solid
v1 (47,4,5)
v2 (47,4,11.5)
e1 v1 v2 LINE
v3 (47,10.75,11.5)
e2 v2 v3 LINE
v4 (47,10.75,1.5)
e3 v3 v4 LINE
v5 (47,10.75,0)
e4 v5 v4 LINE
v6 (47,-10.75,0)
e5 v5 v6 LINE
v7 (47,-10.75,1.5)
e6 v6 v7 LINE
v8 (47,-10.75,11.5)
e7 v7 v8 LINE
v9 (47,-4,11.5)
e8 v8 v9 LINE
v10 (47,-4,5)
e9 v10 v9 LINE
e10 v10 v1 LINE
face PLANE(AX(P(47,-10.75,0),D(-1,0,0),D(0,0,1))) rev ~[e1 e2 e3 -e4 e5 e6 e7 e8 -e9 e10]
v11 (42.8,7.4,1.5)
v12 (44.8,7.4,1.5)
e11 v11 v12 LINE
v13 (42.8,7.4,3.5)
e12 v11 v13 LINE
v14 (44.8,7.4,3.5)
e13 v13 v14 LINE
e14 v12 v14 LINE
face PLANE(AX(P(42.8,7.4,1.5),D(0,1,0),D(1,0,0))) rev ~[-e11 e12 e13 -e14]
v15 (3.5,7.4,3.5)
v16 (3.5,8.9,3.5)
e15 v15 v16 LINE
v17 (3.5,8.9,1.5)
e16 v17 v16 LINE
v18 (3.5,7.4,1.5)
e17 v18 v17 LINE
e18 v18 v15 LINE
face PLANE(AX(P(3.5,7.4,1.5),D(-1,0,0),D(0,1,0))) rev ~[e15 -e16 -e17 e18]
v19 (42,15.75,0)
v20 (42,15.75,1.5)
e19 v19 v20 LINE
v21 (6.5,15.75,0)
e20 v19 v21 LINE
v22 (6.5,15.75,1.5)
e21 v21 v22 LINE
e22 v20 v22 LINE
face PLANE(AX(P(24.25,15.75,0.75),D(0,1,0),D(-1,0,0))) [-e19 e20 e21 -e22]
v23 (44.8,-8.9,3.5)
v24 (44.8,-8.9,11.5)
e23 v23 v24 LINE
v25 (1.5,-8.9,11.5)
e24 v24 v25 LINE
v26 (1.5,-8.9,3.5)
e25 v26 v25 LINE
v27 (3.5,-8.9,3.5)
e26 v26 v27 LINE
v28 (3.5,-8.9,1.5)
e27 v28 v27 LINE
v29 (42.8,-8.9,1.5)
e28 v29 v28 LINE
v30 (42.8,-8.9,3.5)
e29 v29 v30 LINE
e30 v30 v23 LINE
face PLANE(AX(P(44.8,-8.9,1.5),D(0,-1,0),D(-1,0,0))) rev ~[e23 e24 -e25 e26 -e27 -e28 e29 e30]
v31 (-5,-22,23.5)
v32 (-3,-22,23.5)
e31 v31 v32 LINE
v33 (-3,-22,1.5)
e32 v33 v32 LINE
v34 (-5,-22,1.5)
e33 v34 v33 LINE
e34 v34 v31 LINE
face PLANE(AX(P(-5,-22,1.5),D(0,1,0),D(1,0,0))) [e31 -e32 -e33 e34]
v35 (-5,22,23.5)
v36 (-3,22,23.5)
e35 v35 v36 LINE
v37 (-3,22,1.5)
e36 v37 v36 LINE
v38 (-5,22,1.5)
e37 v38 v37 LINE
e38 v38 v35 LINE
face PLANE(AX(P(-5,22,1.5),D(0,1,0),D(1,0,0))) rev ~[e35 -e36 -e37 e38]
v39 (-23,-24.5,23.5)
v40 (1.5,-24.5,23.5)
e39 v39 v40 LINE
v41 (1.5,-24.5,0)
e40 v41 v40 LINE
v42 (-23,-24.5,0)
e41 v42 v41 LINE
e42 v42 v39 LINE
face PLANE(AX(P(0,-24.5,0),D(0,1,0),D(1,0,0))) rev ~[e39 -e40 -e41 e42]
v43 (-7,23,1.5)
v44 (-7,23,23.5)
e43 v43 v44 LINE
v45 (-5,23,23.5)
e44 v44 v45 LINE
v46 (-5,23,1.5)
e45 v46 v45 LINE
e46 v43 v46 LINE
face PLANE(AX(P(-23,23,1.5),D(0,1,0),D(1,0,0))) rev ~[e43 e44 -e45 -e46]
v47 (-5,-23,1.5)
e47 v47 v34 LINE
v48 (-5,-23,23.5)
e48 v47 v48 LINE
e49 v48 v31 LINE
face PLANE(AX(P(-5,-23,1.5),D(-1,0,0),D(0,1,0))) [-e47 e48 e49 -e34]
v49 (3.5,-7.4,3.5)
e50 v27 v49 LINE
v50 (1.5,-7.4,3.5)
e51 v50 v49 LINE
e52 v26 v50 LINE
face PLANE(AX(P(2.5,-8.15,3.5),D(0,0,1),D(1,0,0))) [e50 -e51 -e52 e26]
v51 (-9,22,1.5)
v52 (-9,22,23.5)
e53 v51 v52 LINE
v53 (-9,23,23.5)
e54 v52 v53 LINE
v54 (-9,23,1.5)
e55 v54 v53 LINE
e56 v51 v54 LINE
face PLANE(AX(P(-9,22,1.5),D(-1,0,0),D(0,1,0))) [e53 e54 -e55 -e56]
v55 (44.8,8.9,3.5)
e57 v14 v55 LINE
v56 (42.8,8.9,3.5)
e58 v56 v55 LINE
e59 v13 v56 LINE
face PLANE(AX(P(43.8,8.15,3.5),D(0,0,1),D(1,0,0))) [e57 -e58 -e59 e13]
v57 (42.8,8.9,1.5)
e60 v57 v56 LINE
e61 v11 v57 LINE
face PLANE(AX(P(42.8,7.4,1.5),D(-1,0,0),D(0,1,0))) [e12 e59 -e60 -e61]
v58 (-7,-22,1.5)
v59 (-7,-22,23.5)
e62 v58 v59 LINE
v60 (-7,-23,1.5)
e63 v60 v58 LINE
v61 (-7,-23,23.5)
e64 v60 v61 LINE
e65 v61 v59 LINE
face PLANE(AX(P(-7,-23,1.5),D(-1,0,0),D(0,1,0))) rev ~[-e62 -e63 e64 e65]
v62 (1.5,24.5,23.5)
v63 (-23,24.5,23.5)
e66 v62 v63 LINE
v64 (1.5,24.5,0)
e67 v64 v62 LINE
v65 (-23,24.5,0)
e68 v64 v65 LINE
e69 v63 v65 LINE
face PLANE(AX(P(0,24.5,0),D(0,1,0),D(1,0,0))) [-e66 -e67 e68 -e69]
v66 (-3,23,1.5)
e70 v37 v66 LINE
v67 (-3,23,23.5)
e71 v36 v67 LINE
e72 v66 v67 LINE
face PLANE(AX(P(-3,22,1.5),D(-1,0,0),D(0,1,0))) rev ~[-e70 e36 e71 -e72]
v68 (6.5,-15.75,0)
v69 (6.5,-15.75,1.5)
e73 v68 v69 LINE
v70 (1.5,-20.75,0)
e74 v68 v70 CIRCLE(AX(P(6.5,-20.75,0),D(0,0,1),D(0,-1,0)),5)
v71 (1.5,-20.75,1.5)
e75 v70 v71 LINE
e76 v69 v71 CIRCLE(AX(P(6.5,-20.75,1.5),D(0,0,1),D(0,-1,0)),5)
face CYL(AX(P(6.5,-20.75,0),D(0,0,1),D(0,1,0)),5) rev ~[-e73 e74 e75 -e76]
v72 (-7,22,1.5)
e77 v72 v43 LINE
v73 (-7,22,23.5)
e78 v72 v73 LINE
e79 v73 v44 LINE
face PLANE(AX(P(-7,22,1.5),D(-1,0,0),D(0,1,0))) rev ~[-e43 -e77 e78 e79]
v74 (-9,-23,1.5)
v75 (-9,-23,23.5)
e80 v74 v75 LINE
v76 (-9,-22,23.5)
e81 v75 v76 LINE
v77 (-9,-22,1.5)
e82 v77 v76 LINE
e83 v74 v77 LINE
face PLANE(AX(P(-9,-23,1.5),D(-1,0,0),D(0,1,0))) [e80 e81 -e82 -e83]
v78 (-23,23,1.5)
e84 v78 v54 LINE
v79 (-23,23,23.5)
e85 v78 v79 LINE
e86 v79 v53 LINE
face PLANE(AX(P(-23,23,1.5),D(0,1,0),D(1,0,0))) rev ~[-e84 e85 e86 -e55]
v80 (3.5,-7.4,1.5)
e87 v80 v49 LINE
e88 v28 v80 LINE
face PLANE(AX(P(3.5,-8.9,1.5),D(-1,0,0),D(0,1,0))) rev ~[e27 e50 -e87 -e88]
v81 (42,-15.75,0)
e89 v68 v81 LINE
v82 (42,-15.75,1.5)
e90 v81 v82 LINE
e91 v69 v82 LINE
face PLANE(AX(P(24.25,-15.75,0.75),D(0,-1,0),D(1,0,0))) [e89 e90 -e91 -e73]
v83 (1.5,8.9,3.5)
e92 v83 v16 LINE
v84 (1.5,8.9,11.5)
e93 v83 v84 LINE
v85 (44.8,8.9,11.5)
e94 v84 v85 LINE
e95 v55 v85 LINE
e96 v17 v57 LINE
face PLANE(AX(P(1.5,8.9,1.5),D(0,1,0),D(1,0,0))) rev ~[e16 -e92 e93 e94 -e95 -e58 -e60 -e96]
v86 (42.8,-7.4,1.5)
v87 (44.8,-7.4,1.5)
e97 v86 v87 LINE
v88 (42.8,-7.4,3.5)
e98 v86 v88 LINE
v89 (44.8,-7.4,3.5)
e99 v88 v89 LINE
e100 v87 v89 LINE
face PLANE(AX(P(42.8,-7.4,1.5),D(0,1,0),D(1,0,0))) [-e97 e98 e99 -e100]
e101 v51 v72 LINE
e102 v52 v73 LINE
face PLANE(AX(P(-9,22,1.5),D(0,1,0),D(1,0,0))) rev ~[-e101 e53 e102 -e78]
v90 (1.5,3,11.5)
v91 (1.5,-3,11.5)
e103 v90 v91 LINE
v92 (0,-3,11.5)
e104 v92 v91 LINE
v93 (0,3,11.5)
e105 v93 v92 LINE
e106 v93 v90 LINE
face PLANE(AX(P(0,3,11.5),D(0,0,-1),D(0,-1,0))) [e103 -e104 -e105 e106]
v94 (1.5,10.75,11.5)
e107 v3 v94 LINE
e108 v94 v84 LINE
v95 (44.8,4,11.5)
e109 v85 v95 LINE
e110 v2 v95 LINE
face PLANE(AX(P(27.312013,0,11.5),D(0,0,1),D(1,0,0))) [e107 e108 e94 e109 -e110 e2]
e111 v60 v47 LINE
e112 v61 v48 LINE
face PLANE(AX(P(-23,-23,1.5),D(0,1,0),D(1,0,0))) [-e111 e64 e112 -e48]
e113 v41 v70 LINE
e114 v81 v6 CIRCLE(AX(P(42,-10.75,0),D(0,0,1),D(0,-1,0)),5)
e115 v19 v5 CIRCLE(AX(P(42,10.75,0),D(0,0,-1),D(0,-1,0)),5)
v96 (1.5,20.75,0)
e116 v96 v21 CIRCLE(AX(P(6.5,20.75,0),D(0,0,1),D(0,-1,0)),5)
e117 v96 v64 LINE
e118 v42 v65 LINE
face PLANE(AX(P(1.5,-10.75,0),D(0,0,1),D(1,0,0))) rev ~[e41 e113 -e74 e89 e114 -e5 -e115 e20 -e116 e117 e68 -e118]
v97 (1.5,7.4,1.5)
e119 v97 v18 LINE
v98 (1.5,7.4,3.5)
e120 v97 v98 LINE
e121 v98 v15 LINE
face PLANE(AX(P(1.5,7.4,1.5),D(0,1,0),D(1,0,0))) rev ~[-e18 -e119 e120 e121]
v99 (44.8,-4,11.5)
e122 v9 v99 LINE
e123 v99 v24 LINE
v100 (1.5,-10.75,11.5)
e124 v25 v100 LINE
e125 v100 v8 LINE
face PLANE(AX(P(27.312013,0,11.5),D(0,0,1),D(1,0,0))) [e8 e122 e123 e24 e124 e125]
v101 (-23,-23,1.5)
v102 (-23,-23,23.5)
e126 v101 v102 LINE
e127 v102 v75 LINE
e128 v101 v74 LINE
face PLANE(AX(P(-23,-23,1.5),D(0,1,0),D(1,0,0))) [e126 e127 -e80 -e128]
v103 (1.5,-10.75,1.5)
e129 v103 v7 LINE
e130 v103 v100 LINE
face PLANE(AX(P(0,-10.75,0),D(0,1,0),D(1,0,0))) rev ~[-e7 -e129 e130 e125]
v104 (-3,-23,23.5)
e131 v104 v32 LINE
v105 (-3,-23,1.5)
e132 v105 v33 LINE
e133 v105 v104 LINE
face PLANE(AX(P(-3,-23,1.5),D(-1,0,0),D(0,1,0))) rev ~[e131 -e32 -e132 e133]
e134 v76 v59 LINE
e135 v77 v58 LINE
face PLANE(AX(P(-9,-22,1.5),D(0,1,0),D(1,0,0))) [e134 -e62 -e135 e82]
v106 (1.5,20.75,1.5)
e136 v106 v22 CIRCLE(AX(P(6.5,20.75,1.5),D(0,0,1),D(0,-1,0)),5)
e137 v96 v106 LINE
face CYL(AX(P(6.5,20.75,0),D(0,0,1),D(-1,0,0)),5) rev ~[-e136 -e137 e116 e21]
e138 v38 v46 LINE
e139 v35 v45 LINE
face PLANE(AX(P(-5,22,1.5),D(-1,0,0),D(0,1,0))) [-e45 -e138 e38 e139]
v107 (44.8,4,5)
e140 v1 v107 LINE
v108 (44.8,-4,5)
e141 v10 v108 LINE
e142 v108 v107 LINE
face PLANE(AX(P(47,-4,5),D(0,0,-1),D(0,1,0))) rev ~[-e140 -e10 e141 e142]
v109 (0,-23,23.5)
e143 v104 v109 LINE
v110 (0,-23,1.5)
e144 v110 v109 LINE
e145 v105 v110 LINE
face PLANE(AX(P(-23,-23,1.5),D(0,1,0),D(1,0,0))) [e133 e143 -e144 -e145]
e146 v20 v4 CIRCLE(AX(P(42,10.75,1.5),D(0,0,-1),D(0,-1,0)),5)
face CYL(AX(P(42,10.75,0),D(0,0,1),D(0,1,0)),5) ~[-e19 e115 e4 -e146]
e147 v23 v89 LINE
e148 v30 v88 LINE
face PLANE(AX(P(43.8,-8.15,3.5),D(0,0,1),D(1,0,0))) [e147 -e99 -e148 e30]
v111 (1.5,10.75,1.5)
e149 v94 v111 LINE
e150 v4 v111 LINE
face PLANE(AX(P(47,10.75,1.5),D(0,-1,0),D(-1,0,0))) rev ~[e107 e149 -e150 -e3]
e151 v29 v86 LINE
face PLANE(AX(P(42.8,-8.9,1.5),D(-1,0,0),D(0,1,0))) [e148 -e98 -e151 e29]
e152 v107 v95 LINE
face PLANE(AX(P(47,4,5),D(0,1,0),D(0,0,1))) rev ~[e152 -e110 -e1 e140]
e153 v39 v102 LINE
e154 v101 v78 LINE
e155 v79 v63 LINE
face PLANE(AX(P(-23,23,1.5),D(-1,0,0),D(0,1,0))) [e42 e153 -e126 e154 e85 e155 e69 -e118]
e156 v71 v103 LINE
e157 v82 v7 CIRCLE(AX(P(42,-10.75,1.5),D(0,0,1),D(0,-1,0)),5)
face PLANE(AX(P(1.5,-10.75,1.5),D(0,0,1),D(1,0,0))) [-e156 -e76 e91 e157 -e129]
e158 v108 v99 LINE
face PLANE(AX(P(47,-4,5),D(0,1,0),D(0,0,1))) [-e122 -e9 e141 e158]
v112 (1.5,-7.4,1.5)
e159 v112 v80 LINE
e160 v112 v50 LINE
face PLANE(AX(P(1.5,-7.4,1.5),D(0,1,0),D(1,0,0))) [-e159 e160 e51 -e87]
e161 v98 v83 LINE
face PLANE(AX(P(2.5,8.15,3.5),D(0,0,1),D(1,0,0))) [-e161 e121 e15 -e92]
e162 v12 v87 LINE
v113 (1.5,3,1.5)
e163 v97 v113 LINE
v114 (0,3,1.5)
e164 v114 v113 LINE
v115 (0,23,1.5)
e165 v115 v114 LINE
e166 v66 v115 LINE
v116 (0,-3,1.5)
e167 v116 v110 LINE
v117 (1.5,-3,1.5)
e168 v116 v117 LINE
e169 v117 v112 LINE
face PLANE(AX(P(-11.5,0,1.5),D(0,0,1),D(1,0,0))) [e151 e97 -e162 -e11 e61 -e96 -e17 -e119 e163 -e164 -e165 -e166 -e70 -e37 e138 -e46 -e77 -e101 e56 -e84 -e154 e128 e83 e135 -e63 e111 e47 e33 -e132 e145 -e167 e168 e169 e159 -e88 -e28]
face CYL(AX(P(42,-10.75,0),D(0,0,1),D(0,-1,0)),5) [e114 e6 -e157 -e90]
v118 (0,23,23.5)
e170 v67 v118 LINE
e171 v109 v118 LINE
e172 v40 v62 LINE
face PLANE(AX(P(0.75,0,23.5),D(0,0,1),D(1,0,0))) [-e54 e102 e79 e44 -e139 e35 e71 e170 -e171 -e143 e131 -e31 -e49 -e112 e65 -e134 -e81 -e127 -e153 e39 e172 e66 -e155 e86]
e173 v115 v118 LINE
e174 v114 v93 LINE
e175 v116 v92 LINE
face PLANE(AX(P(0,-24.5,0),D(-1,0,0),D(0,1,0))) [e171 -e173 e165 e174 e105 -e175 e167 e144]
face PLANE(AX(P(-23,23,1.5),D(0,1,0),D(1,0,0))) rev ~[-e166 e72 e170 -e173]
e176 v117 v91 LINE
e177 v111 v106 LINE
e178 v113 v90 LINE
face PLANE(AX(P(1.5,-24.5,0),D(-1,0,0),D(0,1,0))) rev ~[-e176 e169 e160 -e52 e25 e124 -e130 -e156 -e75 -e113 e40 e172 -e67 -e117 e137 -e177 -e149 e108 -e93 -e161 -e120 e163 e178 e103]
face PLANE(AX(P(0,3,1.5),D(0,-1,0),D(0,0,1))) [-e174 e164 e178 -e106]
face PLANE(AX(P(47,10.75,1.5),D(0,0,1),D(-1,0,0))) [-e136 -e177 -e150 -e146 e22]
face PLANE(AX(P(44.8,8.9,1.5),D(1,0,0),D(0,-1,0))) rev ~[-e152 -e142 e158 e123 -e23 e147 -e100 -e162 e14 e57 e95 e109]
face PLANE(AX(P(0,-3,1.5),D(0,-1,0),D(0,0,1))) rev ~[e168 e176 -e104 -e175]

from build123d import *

# Parameters (mm, degrees)
F0_W      = 23
F0_H      = 49
F1_DEPTH  = 1.5
F2_W      = 23
F2_H      = 1.5
F3_DEPTH  = 22
F4_W      = 2
F4_H      = 1
F5_DEPTH  = 22
F6_W      = 47
F6_H      = 21.5
F7_DEPTH  = 1.5
F8_W      = 1.5
F8_H      = 49
F9_DEPTH  = 23.5
F11_DEPTH = 10
F12_W     = 6
F12_H     = 10
F13_DEPTH = 1.5
F14_W     = 2
F14_H     = 1.5
F15_DEPTH = 2
F16_W     = 8
F16_H     = 6.5
F17_DEPTH = 2.2
F18_W     = 45.5
F18_H     = 1.5
F19_DEPTH = 5
F20_W     = 45.5
F20_H     = 1.5
F21_DEPTH = 5
F22_R     = 5


with BuildPart() as f1:
    # F0 (on Top) → F1 (new body)
    with BuildSketch(Plane.XY):
        with Locations((-11.5, 0)):
            Rectangle(F0_W, F0_H)
    extrude(amount=F1_DEPTH)

    # F2 (on face) → F3 (join)
    with BuildSketch(Plane.XY.offset(1.5)):
        with Locations((-11.5, 23.75)):
            Rectangle(F2_W, F2_H)
        with Locations((-11.5, -23.75)):
            Rectangle(F2_W, F2_H)
    extrude(amount=F3_DEPTH)

    # F4 (on face) → F5 (join)
    with BuildSketch(Plane.XY.offset(1.5)):
        with Locations((-4, 22.5)):
            Rectangle(F4_W, F4_H)
        with Locations((-8, -22.5)):
            Rectangle(F4_W, F4_H)
        with Locations((-4, -22.5)):
            Rectangle(F4_W, F4_H)
        with Locations((-8, 22.5)):
            Rectangle(F4_W, F4_H)
    extrude(amount=F5_DEPTH)

    # F6 (on Top) → F7 (join)
    with BuildSketch(Plane.XY):
        with Locations((23.5, 0)):
            Rectangle(F6_W, F6_H)
    extrude(amount=F7_DEPTH)

    # F8 (on Top) → F9 (join)
    with BuildSketch(Plane.XY):
        with Locations((0.75, 0)):
            Rectangle(F8_W, F8_H)
    extrude(amount=F9_DEPTH)

    # F10 (on face) → F11 (join)
    with BuildSketch(Plane.XY.offset(1.5)):
        Polygon((1.5, 10.75), (1.5, 8.9), (44.8, 8.9), (44.8, -8.9), (1.5, -8.9), (1.5, -10.75), (47, -10.75), (47, 10.75), align=None)
    extrude(amount=F11_DEPTH)

    # F12 (on face) → F13 (cut, through all)
    with BuildSketch(Plane(origin=(0, 0, 0), x_dir=(0, -1, 0), z_dir=(-1, 0, 0))):
        with Locations((0, 6.5)):
            Rectangle(F12_W, F12_H)
    extrude(amount=-F13_DEPTH, mode=Mode.SUBTRACT)

    # F14 (on face) → F15 (join)
    with BuildSketch(Plane.XY.offset(1.5)):
        with Locations((2.5, 8.15)):
            Rectangle(F14_W, F14_H)
        with Locations((2.5, -8.15)):
            Rectangle(F14_W, F14_H)
        with Locations((43.8, 8.15)):
            Rectangle(F14_W, F14_H)
        with Locations((43.8, -8.15)):
            Rectangle(F14_W, F14_H)
    extrude(amount=F15_DEPTH)

    # F16 (on face) → F17 (cut, through all)
    with BuildSketch(Plane.YZ.offset(47)):
        with Locations((0, 8.25)):
            Rectangle(F16_W, F16_H)
    extrude(amount=-F17_DEPTH, mode=Mode.SUBTRACT)

    # F18 (on face) → F19 (join)
    with BuildSketch(Plane(origin=(0, 10.75, 0), x_dir=(-1, 0, 0), z_dir=(0, 1, 0))):
        with Locations((-24.25, 0.75)):
            Rectangle(F18_W, F18_H)
    extrude(amount=F19_DEPTH)

    # F20 (on face) → F21 (join)
    with BuildSketch(Plane.XZ.offset(10.75)):
        with Locations((24.25, 0.75)):
            Rectangle(F20_W, F20_H)
    extrude(amount=F21_DEPTH)

    # F22
    f22_edges = [f1.edges().sort_by_distance(p)[0] for p in [
        (47, 15.75, 0.75),
        (1.5, 15.75, 0.75),
        (47, -15.75, 0.75),
        (1.5, -15.75, 0.75),
    ]]
    fillet(f22_edges, radius=F22_R)


solid = f1.part
